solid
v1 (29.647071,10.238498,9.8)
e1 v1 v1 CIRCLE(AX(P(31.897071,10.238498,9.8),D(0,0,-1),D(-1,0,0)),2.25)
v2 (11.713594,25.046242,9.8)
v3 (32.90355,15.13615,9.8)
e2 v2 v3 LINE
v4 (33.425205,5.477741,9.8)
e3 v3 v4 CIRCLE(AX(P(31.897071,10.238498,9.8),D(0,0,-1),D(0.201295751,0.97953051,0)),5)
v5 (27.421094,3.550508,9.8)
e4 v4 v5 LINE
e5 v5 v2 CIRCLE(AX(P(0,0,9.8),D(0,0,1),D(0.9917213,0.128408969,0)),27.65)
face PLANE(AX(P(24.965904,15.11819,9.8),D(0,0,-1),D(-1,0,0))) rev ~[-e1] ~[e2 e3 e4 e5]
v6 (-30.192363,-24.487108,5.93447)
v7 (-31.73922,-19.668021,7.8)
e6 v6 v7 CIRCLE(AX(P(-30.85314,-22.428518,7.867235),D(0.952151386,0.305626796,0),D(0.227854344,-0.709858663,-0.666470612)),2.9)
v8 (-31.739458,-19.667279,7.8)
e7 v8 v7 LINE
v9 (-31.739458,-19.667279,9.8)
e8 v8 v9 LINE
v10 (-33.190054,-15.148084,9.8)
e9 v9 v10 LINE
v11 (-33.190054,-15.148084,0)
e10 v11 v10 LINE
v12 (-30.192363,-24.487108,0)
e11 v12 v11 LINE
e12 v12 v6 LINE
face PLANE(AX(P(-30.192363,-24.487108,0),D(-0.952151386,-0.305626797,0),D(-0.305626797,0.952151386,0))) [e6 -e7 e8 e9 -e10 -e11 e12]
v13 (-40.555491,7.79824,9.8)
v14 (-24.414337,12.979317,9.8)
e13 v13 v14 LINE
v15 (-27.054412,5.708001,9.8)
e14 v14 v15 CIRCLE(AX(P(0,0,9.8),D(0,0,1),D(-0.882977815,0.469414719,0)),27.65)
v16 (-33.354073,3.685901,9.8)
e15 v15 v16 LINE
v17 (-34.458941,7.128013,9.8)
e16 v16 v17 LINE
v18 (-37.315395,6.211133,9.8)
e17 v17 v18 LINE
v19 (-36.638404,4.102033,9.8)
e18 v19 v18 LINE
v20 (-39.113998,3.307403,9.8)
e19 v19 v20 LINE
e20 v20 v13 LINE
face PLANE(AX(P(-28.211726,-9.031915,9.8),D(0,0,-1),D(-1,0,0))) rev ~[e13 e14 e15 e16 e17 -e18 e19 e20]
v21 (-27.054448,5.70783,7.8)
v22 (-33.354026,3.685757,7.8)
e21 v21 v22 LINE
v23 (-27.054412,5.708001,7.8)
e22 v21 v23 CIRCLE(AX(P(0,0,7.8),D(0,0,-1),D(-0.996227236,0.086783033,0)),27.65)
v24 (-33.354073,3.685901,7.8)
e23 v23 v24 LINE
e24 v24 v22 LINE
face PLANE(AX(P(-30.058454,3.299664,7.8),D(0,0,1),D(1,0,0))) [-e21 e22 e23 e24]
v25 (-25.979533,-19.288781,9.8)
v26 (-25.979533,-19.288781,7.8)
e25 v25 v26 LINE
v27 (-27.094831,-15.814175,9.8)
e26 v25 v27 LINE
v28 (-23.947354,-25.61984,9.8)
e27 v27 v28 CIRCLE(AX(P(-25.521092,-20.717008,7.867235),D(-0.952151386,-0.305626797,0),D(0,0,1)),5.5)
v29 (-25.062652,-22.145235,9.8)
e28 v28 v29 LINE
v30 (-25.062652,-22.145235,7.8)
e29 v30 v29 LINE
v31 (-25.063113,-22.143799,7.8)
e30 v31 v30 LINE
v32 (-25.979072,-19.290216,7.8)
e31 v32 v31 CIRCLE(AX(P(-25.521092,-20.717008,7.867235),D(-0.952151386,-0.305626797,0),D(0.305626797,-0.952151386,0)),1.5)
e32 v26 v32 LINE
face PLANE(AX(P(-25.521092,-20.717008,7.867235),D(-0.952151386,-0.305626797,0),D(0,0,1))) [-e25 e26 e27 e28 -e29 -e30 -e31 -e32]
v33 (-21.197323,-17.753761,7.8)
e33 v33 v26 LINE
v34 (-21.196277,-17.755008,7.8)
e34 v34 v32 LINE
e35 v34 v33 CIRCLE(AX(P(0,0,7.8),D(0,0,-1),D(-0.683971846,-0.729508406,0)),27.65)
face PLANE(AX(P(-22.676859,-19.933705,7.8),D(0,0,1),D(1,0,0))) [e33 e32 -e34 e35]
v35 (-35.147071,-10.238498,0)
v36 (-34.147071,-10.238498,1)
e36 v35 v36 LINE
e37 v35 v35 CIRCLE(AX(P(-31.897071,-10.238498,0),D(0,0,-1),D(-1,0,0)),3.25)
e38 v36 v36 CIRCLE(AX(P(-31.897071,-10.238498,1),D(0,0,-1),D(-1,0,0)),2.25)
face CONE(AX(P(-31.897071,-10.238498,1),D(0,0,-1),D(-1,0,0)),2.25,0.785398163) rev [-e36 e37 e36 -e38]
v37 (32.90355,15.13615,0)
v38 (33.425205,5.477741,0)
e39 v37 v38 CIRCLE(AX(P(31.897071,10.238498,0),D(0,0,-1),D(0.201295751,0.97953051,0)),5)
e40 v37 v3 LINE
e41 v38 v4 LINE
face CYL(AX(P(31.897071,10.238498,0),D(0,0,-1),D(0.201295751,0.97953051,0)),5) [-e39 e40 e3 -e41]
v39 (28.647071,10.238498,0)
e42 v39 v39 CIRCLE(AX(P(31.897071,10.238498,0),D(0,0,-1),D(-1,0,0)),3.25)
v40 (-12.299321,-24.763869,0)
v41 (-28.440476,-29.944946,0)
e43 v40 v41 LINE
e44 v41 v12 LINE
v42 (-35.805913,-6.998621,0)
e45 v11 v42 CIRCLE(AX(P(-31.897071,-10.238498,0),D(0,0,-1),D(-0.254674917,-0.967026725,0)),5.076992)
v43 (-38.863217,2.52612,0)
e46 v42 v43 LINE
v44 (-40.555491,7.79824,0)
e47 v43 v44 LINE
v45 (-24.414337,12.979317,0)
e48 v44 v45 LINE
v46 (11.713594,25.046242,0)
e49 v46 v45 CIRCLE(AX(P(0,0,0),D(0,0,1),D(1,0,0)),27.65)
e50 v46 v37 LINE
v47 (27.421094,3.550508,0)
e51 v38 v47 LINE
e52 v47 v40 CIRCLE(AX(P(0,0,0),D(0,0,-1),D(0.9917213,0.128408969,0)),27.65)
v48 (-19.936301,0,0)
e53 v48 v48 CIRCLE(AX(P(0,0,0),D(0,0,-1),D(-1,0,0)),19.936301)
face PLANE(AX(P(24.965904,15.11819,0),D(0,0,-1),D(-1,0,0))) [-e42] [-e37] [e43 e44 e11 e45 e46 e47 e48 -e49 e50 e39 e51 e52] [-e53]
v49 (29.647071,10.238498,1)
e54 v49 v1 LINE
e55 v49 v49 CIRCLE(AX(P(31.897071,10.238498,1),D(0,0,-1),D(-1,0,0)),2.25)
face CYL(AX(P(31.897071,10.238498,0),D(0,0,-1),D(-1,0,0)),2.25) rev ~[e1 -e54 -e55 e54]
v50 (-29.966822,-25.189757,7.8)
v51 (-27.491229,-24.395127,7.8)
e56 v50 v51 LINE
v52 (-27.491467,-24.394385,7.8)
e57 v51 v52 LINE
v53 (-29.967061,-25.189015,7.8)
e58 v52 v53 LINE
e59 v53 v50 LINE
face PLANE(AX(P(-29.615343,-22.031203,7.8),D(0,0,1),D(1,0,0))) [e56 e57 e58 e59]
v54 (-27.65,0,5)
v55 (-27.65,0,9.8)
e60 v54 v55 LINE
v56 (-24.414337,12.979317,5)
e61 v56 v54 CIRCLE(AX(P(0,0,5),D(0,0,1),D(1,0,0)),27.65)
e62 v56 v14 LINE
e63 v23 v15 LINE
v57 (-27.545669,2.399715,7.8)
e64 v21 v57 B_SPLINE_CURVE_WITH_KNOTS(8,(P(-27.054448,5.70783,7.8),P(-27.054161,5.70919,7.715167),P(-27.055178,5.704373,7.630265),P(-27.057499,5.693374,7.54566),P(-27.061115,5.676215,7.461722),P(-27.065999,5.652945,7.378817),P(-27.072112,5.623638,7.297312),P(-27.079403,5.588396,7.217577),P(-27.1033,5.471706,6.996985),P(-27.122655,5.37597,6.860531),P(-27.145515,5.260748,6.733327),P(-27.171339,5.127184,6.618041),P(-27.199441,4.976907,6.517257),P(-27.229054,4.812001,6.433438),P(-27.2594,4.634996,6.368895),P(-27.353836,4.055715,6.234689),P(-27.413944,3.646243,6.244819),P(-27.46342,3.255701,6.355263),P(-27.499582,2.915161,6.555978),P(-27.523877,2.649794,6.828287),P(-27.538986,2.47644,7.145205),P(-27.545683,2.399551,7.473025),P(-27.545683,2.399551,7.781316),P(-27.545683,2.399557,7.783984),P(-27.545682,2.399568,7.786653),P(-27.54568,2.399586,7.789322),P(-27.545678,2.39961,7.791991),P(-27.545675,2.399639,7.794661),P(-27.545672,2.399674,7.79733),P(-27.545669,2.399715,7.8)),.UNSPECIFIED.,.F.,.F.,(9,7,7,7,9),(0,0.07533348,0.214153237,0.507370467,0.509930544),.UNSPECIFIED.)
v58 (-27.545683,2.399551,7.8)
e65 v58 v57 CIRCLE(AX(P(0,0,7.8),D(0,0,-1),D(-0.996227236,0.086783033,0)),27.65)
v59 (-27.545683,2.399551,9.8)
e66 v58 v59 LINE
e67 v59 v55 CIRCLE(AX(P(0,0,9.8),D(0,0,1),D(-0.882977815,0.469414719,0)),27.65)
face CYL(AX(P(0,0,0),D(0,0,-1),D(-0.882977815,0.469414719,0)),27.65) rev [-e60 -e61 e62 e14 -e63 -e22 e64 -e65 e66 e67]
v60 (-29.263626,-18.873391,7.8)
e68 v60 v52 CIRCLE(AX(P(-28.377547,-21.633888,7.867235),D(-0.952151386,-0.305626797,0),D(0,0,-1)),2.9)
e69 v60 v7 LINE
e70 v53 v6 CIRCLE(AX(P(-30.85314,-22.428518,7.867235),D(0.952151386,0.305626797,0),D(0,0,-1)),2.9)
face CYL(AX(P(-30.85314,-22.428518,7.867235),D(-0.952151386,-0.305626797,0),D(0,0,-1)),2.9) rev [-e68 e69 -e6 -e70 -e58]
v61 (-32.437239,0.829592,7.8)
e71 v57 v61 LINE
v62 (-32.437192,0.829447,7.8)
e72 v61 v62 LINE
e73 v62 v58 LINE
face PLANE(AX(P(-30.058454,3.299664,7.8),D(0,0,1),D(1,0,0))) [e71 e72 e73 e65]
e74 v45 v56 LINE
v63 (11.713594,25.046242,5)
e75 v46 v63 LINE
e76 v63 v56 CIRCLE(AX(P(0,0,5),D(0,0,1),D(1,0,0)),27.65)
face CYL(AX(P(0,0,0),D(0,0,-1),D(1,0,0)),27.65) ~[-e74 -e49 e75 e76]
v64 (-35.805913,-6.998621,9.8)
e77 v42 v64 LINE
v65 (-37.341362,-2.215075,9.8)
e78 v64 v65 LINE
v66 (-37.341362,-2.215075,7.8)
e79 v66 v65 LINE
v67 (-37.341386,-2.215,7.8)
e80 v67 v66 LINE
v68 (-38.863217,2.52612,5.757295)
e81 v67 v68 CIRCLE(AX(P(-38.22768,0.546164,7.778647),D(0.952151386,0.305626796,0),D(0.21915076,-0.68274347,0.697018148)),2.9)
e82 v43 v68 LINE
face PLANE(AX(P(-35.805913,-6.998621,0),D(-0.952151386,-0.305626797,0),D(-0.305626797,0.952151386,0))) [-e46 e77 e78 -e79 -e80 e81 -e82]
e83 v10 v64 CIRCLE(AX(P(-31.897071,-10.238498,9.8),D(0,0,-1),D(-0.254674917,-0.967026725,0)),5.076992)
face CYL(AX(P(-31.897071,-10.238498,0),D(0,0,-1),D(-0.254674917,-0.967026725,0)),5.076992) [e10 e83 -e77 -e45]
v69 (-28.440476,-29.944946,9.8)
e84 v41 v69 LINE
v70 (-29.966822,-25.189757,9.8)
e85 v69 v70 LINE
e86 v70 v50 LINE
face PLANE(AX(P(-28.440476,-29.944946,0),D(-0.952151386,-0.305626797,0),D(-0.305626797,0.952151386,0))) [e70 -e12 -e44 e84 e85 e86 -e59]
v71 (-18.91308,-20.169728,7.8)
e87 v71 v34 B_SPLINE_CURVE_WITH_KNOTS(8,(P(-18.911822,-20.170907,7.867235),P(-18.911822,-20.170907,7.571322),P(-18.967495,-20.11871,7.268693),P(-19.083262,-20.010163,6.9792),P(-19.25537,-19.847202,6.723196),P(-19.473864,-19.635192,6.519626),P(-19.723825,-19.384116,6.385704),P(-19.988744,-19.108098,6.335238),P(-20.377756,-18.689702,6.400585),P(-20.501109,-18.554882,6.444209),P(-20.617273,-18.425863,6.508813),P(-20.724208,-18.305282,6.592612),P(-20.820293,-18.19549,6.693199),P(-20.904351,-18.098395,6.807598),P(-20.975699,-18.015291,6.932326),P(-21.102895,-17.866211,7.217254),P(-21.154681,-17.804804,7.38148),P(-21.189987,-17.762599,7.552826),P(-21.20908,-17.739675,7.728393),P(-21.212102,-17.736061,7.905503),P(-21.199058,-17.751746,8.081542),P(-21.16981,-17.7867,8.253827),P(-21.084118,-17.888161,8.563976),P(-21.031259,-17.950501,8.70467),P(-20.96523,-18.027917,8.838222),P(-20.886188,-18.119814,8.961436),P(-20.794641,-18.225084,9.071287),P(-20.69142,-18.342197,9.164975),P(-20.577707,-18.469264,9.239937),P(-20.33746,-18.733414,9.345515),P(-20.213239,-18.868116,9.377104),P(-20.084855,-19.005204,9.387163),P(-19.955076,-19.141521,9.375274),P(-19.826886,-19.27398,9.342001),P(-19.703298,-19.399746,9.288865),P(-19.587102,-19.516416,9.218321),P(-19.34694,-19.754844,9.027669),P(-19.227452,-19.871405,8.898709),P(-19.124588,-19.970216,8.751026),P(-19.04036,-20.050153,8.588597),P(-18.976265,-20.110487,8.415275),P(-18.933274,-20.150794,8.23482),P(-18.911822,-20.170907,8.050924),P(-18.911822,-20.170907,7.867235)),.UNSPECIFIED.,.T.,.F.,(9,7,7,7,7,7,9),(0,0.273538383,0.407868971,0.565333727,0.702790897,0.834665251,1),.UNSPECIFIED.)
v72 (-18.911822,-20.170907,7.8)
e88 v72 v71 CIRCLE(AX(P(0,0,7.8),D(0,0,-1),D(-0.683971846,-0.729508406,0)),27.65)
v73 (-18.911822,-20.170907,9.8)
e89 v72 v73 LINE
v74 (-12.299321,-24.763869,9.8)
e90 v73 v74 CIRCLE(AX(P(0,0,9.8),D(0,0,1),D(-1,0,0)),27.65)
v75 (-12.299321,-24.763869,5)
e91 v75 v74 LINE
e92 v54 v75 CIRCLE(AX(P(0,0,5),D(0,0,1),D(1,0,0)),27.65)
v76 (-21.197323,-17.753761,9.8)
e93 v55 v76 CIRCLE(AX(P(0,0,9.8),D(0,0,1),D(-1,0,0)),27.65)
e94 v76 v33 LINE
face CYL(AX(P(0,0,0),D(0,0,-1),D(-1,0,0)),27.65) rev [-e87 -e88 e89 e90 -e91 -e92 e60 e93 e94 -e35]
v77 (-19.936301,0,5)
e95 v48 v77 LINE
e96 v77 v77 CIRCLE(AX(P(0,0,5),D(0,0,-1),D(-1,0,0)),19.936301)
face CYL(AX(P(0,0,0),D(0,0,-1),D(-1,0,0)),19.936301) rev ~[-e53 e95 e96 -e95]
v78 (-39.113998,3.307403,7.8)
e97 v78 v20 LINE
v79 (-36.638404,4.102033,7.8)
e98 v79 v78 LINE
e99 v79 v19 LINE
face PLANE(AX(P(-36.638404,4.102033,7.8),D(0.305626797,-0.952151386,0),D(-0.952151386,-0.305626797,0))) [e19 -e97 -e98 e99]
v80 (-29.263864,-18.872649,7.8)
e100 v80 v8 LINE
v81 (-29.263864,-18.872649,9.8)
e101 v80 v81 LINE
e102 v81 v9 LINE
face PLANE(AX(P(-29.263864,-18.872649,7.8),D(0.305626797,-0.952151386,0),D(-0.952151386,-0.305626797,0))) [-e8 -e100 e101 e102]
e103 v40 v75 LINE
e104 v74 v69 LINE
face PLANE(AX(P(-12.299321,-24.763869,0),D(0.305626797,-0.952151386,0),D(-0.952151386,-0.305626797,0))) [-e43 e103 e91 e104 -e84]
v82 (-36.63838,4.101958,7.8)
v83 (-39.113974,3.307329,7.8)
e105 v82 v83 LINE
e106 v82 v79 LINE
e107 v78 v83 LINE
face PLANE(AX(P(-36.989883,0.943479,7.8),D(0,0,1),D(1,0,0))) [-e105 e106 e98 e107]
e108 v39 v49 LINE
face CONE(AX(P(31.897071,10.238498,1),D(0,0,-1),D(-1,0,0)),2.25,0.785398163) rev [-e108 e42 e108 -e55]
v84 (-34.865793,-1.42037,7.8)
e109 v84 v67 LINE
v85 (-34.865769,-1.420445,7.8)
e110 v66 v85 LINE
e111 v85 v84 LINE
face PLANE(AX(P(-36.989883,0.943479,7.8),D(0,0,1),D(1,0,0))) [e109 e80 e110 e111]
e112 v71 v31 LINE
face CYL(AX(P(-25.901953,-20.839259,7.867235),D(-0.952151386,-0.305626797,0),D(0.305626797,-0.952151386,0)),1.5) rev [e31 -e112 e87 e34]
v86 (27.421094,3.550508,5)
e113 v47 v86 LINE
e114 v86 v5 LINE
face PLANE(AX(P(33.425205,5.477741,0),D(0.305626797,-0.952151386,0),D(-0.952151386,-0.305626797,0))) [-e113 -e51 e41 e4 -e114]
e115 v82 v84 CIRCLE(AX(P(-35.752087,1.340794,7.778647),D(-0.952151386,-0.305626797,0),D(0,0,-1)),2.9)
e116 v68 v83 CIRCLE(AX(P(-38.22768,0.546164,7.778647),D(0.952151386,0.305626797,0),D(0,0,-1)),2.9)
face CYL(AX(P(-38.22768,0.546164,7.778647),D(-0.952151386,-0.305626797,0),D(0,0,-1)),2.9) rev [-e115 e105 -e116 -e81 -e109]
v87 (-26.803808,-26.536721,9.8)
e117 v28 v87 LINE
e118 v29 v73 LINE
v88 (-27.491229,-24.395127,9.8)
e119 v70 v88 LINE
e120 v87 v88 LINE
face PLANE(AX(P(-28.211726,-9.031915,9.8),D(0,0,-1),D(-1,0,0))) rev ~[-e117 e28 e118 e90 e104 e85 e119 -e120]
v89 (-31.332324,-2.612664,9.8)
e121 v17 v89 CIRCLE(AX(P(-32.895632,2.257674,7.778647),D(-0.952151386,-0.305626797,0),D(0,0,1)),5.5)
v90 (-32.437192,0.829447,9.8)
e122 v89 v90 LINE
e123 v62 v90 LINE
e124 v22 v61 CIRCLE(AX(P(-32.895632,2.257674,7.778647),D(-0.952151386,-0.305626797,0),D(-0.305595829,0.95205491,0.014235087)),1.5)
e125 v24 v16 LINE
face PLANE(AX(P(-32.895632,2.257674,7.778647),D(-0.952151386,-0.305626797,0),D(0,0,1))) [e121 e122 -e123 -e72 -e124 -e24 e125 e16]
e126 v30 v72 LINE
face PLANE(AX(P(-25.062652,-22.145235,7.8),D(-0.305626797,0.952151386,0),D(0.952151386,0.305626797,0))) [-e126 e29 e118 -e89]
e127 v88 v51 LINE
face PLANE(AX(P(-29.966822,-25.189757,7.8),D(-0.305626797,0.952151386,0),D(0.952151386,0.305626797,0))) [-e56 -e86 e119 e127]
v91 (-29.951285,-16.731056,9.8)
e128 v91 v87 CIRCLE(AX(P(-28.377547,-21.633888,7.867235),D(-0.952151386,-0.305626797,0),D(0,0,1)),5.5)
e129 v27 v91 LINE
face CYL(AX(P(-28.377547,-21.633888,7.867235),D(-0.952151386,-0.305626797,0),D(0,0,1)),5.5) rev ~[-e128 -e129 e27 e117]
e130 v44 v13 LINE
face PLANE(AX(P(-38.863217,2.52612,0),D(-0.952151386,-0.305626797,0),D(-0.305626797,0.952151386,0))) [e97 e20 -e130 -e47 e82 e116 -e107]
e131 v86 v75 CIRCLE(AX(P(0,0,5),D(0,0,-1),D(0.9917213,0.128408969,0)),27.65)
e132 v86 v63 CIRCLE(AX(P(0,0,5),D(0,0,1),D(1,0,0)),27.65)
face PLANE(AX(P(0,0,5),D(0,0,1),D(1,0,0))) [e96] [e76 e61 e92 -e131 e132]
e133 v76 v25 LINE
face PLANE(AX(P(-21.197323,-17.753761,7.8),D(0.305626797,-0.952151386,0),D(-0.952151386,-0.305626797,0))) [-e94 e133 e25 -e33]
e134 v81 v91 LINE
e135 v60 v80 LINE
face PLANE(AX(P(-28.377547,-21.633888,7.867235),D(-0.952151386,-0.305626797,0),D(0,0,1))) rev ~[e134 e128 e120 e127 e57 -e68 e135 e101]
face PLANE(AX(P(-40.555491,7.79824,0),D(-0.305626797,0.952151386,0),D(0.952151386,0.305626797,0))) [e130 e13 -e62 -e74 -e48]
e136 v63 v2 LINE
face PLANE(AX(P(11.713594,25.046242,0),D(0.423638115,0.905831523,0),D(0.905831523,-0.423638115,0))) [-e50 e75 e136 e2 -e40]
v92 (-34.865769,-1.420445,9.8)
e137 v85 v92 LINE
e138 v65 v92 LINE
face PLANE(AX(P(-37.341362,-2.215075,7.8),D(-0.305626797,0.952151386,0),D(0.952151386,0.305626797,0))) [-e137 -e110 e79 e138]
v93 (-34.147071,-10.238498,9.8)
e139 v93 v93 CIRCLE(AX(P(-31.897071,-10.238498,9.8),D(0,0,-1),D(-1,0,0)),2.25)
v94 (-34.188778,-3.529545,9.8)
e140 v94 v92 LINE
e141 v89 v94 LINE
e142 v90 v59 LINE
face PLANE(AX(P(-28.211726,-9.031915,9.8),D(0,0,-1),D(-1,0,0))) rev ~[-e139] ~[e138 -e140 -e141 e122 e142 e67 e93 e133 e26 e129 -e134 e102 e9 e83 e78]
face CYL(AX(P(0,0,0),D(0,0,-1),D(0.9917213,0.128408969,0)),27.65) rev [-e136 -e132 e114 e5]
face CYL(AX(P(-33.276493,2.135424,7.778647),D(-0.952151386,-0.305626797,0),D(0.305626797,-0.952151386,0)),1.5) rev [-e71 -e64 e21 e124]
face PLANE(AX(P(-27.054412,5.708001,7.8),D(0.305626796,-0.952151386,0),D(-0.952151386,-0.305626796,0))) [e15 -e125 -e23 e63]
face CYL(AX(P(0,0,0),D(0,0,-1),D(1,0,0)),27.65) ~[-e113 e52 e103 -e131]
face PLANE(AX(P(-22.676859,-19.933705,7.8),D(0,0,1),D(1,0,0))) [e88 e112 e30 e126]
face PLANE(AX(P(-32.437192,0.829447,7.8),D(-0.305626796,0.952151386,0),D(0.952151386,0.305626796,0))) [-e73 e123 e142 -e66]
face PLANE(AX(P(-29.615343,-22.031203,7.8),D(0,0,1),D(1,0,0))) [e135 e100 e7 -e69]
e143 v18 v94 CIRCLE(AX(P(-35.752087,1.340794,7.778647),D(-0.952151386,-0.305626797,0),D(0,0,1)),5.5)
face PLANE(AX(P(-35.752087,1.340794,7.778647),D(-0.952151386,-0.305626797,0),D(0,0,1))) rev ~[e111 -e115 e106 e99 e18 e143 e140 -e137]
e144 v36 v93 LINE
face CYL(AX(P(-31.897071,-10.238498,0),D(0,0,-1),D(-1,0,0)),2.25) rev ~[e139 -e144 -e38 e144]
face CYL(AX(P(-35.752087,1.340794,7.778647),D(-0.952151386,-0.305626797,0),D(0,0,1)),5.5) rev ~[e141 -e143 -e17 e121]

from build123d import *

# Parameters (mm, degrees)
CROQUIS1_R              = 27.65
SALIENTE_EXTRUIR1_DEPTH = 5
CROQUIS2_R              = 2.25
SALIENTE_EXTRUIR2_DEPTH = 9.8
CROQUIS8_R              = 19.936300619
CORTAR_EXTRUIR8_DEPTH   = 52.356476321
CHAFL_N1_SIZE           = 1
CROQUIS14_R             = 2.9
CORTAR_EXTRUIR15_DEPTH  = 3
CROQUIS15_R             = 5.5
CORTAR_EXTRUIR16_DEPTH  = 3
CROQUIS16_R             = 1.5
CORTAR_EXTRUIR17_DEPTH  = 25
CROQUIS18_R             = 2.9
CORTAR_EXTRUIR18_DEPTH  = 3
CROQUIS19_R             = 5.5
CORTAR_EXTRUIR19_DEPTH  = 3
CROQUIS20_R             = 1.5
CORTAR_EXTRUIR20_DEPTH  = 22
CORTAR_EXTRUIR21_START  = -2
CORTAR_EXTRUIR21_DEPTH  = 2


with BuildPart() as part:
    # Croquis1 → Saliente-Extruir1 (new body)
    with BuildSketch(Plane.XY):
        Circle(CROQUIS1_R)
    extrude(amount=SALIENTE_EXTRUIR1_DEPTH)

    # Croquis2 → Saliente-Extruir2 (add)
    # profile 1 of 2: a face of its own
    with BuildSketch(Plane(origin=(0, 0, 0), x_dir=(-1, 0, 0), z_dir=(0, 0, -1))):
        with BuildLine():
            ThreePointArc((-32.903550176, 15.136150236), (-36.88979451, 10.508157001), (-33.425205403, 5.477740757))
            Line((-33.425205403, 5.477740757), (-27.421093943, 3.550507988))
            ThreePointArc((-27.421093943, 3.550507988), (-22.324820018, 16.313335379), (-11.713593891, 25.046241598))
            Line((-11.713593891, 25.046241598), (-32.903550176, 15.136150236))
        make_face()
        with Locations((-31.89707142, 10.238497685)):
            Circle(CROQUIS2_R, mode=Mode.SUBTRACT)
    # profile 2 of 2: a face of its own
    with BuildSketch(Plane(origin=(0, 0, 0), x_dir=(-1, 0, 0), z_dir=(0, 0, -1))):
        with BuildLine():
            ThreePointArc((27.65, 0), (23.501050206, -14.567880396), (12.299320852, -24.763868974))
            Line((12.299320852, -24.763868974), (28.440475678, -29.944945762))
            Line((28.440475678, -29.944945762), (30.192362506, -24.487108002))
            Line((30.192362506, -24.487108002), (33.190053815, -15.148084182))
            ThreePointArc((33.190053815, -15.148084182), (36.731135944, -11.790162344), (35.805913272, -6.998621389))
            Line((35.805913272, -6.998621389), (38.863217361, 2.52612041))
            Line((38.863217361, 2.52612041), (40.555491409, 7.798240191))
            Line((40.555491409, 7.798240191), (24.414336583, 12.979316979))
            ThreePointArc((24.414336583, 12.979316979), (26.828892136, 6.688276814), (27.65, 0))
        make_face()
        with Locations((31.89707142, -10.238497685)):
            Circle(CROQUIS2_R, mode=Mode.SUBTRACT)
    extrude(amount=-SALIENTE_EXTRUIR2_DEPTH)

    # Croquis8 → Cortar-Extruir8 (cut, through all)
    with BuildSketch(Plane(origin=(0, 0, 0), x_dir=(-1, 0, 0), z_dir=(0, 0, -1))):
        Circle(CROQUIS8_R)
    extrude(amount=-CORTAR_EXTRUIR8_DEPTH, mode=Mode.SUBTRACT)

    # Chaflán1
    chafl_n1_edges = [part.edges().sort_by_distance(p)[0] for p in [
        (-29.64707142, -10.238497685, 0),
        (34.14707142, 10.238497685, 0),
    ]]
    chamfer(chafl_n1_edges, length=CHAFL_N1_SIZE)

    # Croquis14 → Cortar-Extruir15 (cut)
    with BuildSketch(Plane(origin=(-34.497983543, -11.073352785, 0), x_dir=(0, 0, -1), z_dir=(0.9521513856630914, 0.30562679656707925, 0))):
        with Locations((-7.77864737, 12.203434568)):
            Circle(CROQUIS14_R)
    extrude(amount=CORTAR_EXTRUIR15_DEPTH, mode=Mode.SUBTRACT)

    # Croquis15 → Cortar-Extruir16 (cut)
    with BuildSketch(Plane(origin=(-32.022389941, -10.278723114, 0), x_dir=(0, 0, 1), z_dir=(-0.9521513856630914, -0.30562679656707925, 0))):
        with Locations((7.77864737, 12.203434568)):
            Circle(CROQUIS15_R)
    extrude(amount=-CORTAR_EXTRUIR16_DEPTH, mode=Mode.SUBTRACT)

    # Croquis16 → Cortar-Extruir17 (cut)
    with BuildSketch(Plane(origin=(-29.546796338, -9.484093443, 0), x_dir=(0, 0, -1), z_dir=(0.9521513856630914, 0.30562679656707925, 0))):
        with Locations(Location((-7.77864737, 12.203434568, 0), (0, 0, 270))):
            Circle(CROQUIS16_R)
    extrude(amount=CORTAR_EXTRUIR17_DEPTH, mode=Mode.SUBTRACT)

    # Croquis18 → Cortar-Extruir18 (cut)
    with BuildSketch(Plane(origin=(-34.497983543, -11.073352785, 0), x_dir=(0, 0, -1), z_dir=(0.9521513856630915, 0.30562679656707936, 0))):
        with Locations((-7.867235226, -11.925798003)):
            Circle(CROQUIS18_R)
    extrude(amount=CORTAR_EXTRUIR18_DEPTH, mode=Mode.SUBTRACT)

    # Croquis19 → Cortar-Extruir19 (cut)
    with BuildSketch(Plane(origin=(-32.022389941, -10.278723114, 0), x_dir=(0, 0, 1), z_dir=(-0.9521513856630915, -0.30562679656707936, 0))):
        with Locations((7.867235226, -11.925798003)):
            Circle(CROQUIS19_R)
    extrude(amount=-CORTAR_EXTRUIR19_DEPTH, mode=Mode.SUBTRACT)

    # Croquis20 → Cortar-Extruir20 (cut)
    with BuildSketch(Plane(origin=(-29.546796338, -9.484093443, 0), x_dir=(0, 0, -1), z_dir=(0.9521513856630915, 0.30562679656707936, 0))):
        with Locations(Location((-7.867235226, -11.925798003, 0), (0, 0, 270))):
            Circle(CROQUIS20_R)
    extrude(amount=CORTAR_EXTRUIR20_DEPTH, mode=Mode.SUBTRACT)

    # Croquis21 → Cortar-Extruir21 (cut)
    with BuildSketch(Plane.XY.offset(9.8).offset(CORTAR_EXTRUIR21_START)):
        with BuildLine():
            Line((-25.979532538, -19.288780739), (-25.062652149, -22.145234896))
            Line((-25.062652149, -22.145234896), (-18.911821549, -20.170907409))
            ThreePointArc((-18.911821549, -20.170907409), (-20.090955919, -18.996736306), (-21.19732255, -17.753760635))
            Line((-21.19732255, -17.753760635), (-25.979532538, -19.288780739))
        make_face()
        with BuildLine():
            Line((-33.354072593, 3.685901488), (-32.437192203, 0.829447331))
            Line((-32.437192203, 0.829447331), (-27.545683066, 2.399550877))
            ThreePointArc((-27.545683066, 2.399550877), (-27.350119986, 4.061211244), (-27.05441226, 5.708001162))
            Line((-27.05441226, 5.708001162), (-33.354072593, 3.685901488))
        make_face()
        Polygon((-39.113997867, 3.307403367), (-37.341362447, -2.21507467), (-34.865768845, -1.420444999), (-36.638404265, 4.102033038), align=None)
        Polygon((-31.739457813, -19.66727886), (-29.966822393, -25.189756897), (-27.491228791, -24.395127226), (-29.263864211, -18.872649189), align=None)
    extrude(amount=CORTAR_EXTRUIR21_DEPTH, mode=Mode.SUBTRACT)


solid = part.part
